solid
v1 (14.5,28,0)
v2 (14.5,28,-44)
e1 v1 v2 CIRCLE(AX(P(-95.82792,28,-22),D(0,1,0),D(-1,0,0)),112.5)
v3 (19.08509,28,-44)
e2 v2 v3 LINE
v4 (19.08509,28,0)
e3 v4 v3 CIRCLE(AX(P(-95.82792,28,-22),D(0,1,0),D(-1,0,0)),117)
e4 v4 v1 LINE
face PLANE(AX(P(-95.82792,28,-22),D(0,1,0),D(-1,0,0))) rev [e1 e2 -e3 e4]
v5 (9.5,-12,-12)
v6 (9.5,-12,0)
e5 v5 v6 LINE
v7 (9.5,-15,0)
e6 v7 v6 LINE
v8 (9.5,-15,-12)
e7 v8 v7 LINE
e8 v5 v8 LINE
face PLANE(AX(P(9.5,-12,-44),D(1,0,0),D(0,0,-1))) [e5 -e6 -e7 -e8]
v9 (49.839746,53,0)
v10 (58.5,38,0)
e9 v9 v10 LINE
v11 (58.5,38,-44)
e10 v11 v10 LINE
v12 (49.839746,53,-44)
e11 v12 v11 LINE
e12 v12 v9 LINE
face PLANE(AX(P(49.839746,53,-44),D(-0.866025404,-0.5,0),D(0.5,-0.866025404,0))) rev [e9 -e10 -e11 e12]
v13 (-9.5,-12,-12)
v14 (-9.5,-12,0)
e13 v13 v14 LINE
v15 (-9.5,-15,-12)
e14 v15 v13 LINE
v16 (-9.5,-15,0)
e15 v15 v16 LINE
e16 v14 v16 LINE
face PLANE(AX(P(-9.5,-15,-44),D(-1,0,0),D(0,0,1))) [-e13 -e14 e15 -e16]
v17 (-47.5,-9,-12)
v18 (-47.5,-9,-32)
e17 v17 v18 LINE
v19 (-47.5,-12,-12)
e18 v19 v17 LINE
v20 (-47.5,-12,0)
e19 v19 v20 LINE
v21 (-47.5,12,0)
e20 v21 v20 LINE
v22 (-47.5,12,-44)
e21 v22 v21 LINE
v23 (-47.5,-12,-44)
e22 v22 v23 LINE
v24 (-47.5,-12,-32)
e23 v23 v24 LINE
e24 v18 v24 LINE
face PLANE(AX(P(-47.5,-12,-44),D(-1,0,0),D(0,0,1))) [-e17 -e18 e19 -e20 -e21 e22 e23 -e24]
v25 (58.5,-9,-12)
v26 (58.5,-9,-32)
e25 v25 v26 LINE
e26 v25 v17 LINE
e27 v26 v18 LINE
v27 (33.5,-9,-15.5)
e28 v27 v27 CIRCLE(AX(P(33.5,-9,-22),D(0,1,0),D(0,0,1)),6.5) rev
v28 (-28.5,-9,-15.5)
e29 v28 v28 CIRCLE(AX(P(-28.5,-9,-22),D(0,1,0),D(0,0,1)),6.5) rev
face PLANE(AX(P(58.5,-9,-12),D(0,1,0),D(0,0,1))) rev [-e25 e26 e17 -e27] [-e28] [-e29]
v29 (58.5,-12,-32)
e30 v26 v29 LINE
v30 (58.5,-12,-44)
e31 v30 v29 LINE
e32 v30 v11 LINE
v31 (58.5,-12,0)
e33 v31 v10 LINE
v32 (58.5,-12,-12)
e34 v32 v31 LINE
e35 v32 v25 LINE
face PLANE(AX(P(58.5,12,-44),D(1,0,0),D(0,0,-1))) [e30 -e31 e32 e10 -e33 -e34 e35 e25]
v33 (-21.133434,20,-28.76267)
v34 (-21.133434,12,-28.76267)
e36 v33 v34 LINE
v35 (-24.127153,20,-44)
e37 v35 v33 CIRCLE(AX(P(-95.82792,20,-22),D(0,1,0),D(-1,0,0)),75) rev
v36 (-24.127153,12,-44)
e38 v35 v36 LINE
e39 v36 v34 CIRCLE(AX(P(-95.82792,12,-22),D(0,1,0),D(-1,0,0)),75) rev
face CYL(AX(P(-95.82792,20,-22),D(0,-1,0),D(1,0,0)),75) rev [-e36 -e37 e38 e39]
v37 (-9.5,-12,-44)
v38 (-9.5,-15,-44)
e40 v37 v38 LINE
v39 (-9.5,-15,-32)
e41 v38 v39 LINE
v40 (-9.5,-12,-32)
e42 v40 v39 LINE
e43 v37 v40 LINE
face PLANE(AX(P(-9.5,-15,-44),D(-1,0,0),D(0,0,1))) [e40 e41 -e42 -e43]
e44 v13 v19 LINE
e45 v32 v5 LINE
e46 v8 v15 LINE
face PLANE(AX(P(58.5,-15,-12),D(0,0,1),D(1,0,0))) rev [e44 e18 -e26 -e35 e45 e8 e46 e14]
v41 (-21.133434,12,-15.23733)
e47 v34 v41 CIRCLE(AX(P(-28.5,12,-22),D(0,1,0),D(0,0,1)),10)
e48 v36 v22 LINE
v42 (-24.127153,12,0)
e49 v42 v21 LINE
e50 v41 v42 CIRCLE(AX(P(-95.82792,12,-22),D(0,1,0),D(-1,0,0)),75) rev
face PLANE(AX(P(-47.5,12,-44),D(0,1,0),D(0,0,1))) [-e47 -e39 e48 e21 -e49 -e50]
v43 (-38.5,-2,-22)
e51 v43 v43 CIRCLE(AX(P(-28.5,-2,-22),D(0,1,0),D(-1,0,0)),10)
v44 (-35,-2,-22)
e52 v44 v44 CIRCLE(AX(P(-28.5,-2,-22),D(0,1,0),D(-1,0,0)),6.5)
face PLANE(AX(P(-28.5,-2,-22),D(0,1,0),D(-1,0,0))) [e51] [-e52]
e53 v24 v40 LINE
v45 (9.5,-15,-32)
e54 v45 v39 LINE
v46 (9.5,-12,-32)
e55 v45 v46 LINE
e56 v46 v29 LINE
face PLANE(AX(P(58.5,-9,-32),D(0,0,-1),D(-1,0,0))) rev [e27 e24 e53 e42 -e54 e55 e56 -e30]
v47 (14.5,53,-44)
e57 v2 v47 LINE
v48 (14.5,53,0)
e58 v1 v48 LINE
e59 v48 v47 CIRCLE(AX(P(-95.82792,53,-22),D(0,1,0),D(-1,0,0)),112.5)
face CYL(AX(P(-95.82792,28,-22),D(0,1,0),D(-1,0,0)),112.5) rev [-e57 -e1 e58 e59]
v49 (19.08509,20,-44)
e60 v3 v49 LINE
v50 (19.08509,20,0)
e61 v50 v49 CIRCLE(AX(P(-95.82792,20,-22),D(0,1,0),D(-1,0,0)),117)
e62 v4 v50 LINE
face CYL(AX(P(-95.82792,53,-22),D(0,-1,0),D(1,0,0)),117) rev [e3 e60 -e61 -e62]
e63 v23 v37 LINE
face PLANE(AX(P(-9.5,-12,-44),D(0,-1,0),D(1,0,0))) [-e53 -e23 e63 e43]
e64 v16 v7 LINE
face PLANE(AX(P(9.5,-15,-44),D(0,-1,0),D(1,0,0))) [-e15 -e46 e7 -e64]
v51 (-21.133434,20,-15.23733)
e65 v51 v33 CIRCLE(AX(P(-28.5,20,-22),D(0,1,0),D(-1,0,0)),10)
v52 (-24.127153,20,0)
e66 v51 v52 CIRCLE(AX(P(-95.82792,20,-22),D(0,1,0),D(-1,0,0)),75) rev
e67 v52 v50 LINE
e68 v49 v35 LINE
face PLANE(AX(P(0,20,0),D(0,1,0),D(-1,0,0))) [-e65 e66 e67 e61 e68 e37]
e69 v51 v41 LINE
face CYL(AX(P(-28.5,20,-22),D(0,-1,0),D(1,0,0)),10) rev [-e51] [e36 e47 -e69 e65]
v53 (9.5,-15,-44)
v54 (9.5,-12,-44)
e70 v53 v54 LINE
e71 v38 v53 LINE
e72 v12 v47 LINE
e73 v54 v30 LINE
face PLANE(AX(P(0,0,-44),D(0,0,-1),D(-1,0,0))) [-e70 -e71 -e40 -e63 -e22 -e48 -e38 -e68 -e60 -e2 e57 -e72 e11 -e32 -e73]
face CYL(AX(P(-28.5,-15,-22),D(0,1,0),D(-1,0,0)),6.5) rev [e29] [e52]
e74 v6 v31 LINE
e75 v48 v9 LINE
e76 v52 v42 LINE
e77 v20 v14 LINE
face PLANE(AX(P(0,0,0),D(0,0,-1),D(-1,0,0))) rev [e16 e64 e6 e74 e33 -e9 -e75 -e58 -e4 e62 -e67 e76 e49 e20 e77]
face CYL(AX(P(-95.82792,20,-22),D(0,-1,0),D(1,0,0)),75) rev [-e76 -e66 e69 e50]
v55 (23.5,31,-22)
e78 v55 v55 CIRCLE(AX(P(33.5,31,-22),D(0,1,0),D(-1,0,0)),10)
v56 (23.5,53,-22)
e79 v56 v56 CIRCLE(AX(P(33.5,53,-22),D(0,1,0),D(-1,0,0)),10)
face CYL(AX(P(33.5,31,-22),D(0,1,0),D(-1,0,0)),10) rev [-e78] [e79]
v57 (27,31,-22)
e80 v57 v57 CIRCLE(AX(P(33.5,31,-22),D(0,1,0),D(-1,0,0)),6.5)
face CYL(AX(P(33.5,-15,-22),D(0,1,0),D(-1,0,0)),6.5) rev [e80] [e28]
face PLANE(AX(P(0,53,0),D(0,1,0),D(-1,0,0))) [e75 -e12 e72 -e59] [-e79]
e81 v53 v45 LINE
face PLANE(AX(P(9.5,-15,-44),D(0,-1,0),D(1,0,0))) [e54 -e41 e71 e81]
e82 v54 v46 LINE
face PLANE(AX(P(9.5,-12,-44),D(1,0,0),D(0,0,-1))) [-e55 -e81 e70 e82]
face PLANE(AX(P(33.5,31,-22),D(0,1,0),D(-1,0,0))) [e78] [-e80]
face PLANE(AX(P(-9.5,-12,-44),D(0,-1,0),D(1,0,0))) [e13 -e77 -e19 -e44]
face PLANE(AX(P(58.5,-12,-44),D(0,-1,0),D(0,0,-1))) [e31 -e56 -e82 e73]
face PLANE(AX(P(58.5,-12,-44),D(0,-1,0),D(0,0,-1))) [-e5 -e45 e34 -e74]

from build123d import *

# Parameters (mm, degrees)
BASE_DEPTH         = 44
MIDDLE_LEVEL_DEPTH = 8
UP_LEVEL_DEPTH     = 41
ANGLE_START        = 41
ANGLE_LEVEL_DEPTH  = 25
BIG_START          = 8
SKETCH2_7_R        = 6.5
BIG_CYL_DEPTH      = 22
SKETCH2_8_R        = 6.5
SMALL_CYL_DEPTH    = 28
SKETCH5_R          = 10
SKETCH5_R_2        = 6.5
BIG_CYL_2_DEPTH    = 22
SKETCH5_2_R        = 6.5
SMALL_CYL_2_DEPTH  = 69
BASE_ANGLE_DEPTH   = 45
SKETCH7_W          = 20
SKETCH7_H          = 6
DOWN_CUT_DEPTH     = 107


with BuildPart() as part:
    # Sketch1 → base (new body)
    with BuildSketch(Plane.XY):
        Polygon((-47.5, -12), (-47.5, 12), (58.5, 12), (58.5, -12), (9.5, -12), (9.5, -15), (-9.5, -15), (-9.5, -12), align=None)
    extrude(amount=-BASE_DEPTH)

    # Sketch2<4> → middle level (add)
    with BuildSketch(Plane(origin=(0, 12, 0), x_dir=(1, 0, 0), z_dir=(0, 1, 0))):
        with BuildLine():
            Line((14.5, 44), (-24.127153, 44))
            ThreePointArc((-24.127153, 44), (-22.234873, 36.459024), (-21.133434, 28.76267))
            ThreePointArc((-21.133434, 28.76267), (-19.181586, 25.628659), (-18.5, 22))
            ThreePointArc((-18.5, 22), (-19.181586, 18.371341), (-21.133434, 15.23733))
            ThreePointArc((-21.133434, 15.23733), (-22.234873, 7.540976), (-24.127153, 0))
            Line((-24.127153, 0), (14.5, 0))
            ThreePointArc((14.5, 0), (16.67208, 22), (14.5, 44))
        make_face()
        with BuildLine():
            Line((19.08509, 44), (14.5, 44))
            ThreePointArc((14.5, 44), (16.67208, 22), (14.5, 0))
            Line((14.5, 0), (19.08509, 0))
            ThreePointArc((19.08509, 0), (21.17208, 22), (19.08509, 44))
        make_face()
    extrude(amount=MIDDLE_LEVEL_DEPTH)

    # Sketch2 → up level (add)
    with BuildSketch(Plane(origin=(0, 12, 0), x_dir=(1, 0, 0), z_dir=(0, 1, 0))):
        with BuildLine():
            Line((58.5, 44), (19.08509, 44))
            ThreePointArc((19.08509, 44), (21.17208, 22), (19.08509, 0))
            Line((19.08509, 0), (58.5, 0))
            Line((58.5, 0), (58.5, 44))
        make_face()
    extrude(amount=UP_LEVEL_DEPTH)

    # Sketch2<6> → angle level (add)
    with BuildSketch(Plane(origin=(0, 12, 0), x_dir=(1, 0, 0), z_dir=(0, 1, 0)).offset(ANGLE_START)):
        with BuildLine():
            Line((19.08509, 44), (14.5, 44))
            ThreePointArc((14.5, 44), (16.67208, 22), (14.5, 0))
            Line((14.5, 0), (19.08509, 0))
            ThreePointArc((19.08509, 0), (21.17208, 22), (19.08509, 44))
        make_face()
    extrude(amount=-ANGLE_LEVEL_DEPTH)

    # Sketch2<7> → big cyl (cut)
    with BuildSketch(Plane(origin=(0, 12, 0), x_dir=(1, 0, 0), z_dir=(0, 1, 0)).offset(BIG_START)):
        with BuildLine():
            ThreePointArc((-18.5, 22), (-19.181586, 25.628659), (-21.133434, 28.76267))
            ThreePointArc((-21.133434, 28.76267), (-20.82792, 22), (-21.133434, 15.23733))
            ThreePointArc((-21.133434, 15.23733), (-19.181586, 18.371341), (-18.5, 22))
        make_face()
        with BuildLine():
            ThreePointArc((-21.133434, 15.23733), (-20.82792, 22), (-21.133434, 28.76267))
            ThreePointArc((-21.133434, 28.76267), (-38.5, 22), (-21.133434, 15.23733))
        make_face()
        with Locations((-28.5, 22)):
            Circle(SKETCH2_7_R, mode=Mode.SUBTRACT)
    extrude(amount=-BIG_CYL_DEPTH, mode=Mode.SUBTRACT)

    # Sketch2<8> → small cyl (cut, through all)
    with BuildSketch(Plane(origin=(0, 12, 0), x_dir=(1, 0, 0), z_dir=(0, 1, 0))):
        with Locations((-28.5, 22)):
            Circle(SKETCH2_8_R)
    extrude(amount=-SMALL_CYL_DEPTH, mode=Mode.SUBTRACT)

    # Sketch5 → big cyl 2 (cut)
    with BuildSketch(Plane(origin=(0, 53, 0), x_dir=(1, 0, 0), z_dir=(0, 1, 0))):
        with Locations((33.5, 22)):
            Circle(SKETCH5_R)
        with Locations((33.5, 22)):
            Circle(SKETCH5_R_2, mode=Mode.SUBTRACT)
    extrude(amount=-BIG_CYL_2_DEPTH, mode=Mode.SUBTRACT)

    # Sketch5<2> → small cyl 2 (cut, through all)
    with BuildSketch(Plane(origin=(0, 53, 0), x_dir=(1, 0, 0), z_dir=(0, 1, 0))):
        with Locations((33.5, 22)):
            Circle(SKETCH5_2_R)
    extrude(amount=-SMALL_CYL_2_DEPTH, mode=Mode.SUBTRACT)

    # Sketch6 → base angle (cut, through all)
    with BuildSketch(Plane.XY):
        Polygon((49.839746, 53), (58.5, 38), (58.5, 53), align=None)
    extrude(amount=-BASE_ANGLE_DEPTH, mode=Mode.SUBTRACT)

    # Sketch7 → down cut (cut, through all)
    with BuildSketch(Plane.ZY.offset(47.5)):
        with Locations((-22, -12)):
            Rectangle(SKETCH7_W, SKETCH7_H)
    extrude(amount=-DOWN_CUT_DEPTH, mode=Mode.SUBTRACT)


solid = part.part
